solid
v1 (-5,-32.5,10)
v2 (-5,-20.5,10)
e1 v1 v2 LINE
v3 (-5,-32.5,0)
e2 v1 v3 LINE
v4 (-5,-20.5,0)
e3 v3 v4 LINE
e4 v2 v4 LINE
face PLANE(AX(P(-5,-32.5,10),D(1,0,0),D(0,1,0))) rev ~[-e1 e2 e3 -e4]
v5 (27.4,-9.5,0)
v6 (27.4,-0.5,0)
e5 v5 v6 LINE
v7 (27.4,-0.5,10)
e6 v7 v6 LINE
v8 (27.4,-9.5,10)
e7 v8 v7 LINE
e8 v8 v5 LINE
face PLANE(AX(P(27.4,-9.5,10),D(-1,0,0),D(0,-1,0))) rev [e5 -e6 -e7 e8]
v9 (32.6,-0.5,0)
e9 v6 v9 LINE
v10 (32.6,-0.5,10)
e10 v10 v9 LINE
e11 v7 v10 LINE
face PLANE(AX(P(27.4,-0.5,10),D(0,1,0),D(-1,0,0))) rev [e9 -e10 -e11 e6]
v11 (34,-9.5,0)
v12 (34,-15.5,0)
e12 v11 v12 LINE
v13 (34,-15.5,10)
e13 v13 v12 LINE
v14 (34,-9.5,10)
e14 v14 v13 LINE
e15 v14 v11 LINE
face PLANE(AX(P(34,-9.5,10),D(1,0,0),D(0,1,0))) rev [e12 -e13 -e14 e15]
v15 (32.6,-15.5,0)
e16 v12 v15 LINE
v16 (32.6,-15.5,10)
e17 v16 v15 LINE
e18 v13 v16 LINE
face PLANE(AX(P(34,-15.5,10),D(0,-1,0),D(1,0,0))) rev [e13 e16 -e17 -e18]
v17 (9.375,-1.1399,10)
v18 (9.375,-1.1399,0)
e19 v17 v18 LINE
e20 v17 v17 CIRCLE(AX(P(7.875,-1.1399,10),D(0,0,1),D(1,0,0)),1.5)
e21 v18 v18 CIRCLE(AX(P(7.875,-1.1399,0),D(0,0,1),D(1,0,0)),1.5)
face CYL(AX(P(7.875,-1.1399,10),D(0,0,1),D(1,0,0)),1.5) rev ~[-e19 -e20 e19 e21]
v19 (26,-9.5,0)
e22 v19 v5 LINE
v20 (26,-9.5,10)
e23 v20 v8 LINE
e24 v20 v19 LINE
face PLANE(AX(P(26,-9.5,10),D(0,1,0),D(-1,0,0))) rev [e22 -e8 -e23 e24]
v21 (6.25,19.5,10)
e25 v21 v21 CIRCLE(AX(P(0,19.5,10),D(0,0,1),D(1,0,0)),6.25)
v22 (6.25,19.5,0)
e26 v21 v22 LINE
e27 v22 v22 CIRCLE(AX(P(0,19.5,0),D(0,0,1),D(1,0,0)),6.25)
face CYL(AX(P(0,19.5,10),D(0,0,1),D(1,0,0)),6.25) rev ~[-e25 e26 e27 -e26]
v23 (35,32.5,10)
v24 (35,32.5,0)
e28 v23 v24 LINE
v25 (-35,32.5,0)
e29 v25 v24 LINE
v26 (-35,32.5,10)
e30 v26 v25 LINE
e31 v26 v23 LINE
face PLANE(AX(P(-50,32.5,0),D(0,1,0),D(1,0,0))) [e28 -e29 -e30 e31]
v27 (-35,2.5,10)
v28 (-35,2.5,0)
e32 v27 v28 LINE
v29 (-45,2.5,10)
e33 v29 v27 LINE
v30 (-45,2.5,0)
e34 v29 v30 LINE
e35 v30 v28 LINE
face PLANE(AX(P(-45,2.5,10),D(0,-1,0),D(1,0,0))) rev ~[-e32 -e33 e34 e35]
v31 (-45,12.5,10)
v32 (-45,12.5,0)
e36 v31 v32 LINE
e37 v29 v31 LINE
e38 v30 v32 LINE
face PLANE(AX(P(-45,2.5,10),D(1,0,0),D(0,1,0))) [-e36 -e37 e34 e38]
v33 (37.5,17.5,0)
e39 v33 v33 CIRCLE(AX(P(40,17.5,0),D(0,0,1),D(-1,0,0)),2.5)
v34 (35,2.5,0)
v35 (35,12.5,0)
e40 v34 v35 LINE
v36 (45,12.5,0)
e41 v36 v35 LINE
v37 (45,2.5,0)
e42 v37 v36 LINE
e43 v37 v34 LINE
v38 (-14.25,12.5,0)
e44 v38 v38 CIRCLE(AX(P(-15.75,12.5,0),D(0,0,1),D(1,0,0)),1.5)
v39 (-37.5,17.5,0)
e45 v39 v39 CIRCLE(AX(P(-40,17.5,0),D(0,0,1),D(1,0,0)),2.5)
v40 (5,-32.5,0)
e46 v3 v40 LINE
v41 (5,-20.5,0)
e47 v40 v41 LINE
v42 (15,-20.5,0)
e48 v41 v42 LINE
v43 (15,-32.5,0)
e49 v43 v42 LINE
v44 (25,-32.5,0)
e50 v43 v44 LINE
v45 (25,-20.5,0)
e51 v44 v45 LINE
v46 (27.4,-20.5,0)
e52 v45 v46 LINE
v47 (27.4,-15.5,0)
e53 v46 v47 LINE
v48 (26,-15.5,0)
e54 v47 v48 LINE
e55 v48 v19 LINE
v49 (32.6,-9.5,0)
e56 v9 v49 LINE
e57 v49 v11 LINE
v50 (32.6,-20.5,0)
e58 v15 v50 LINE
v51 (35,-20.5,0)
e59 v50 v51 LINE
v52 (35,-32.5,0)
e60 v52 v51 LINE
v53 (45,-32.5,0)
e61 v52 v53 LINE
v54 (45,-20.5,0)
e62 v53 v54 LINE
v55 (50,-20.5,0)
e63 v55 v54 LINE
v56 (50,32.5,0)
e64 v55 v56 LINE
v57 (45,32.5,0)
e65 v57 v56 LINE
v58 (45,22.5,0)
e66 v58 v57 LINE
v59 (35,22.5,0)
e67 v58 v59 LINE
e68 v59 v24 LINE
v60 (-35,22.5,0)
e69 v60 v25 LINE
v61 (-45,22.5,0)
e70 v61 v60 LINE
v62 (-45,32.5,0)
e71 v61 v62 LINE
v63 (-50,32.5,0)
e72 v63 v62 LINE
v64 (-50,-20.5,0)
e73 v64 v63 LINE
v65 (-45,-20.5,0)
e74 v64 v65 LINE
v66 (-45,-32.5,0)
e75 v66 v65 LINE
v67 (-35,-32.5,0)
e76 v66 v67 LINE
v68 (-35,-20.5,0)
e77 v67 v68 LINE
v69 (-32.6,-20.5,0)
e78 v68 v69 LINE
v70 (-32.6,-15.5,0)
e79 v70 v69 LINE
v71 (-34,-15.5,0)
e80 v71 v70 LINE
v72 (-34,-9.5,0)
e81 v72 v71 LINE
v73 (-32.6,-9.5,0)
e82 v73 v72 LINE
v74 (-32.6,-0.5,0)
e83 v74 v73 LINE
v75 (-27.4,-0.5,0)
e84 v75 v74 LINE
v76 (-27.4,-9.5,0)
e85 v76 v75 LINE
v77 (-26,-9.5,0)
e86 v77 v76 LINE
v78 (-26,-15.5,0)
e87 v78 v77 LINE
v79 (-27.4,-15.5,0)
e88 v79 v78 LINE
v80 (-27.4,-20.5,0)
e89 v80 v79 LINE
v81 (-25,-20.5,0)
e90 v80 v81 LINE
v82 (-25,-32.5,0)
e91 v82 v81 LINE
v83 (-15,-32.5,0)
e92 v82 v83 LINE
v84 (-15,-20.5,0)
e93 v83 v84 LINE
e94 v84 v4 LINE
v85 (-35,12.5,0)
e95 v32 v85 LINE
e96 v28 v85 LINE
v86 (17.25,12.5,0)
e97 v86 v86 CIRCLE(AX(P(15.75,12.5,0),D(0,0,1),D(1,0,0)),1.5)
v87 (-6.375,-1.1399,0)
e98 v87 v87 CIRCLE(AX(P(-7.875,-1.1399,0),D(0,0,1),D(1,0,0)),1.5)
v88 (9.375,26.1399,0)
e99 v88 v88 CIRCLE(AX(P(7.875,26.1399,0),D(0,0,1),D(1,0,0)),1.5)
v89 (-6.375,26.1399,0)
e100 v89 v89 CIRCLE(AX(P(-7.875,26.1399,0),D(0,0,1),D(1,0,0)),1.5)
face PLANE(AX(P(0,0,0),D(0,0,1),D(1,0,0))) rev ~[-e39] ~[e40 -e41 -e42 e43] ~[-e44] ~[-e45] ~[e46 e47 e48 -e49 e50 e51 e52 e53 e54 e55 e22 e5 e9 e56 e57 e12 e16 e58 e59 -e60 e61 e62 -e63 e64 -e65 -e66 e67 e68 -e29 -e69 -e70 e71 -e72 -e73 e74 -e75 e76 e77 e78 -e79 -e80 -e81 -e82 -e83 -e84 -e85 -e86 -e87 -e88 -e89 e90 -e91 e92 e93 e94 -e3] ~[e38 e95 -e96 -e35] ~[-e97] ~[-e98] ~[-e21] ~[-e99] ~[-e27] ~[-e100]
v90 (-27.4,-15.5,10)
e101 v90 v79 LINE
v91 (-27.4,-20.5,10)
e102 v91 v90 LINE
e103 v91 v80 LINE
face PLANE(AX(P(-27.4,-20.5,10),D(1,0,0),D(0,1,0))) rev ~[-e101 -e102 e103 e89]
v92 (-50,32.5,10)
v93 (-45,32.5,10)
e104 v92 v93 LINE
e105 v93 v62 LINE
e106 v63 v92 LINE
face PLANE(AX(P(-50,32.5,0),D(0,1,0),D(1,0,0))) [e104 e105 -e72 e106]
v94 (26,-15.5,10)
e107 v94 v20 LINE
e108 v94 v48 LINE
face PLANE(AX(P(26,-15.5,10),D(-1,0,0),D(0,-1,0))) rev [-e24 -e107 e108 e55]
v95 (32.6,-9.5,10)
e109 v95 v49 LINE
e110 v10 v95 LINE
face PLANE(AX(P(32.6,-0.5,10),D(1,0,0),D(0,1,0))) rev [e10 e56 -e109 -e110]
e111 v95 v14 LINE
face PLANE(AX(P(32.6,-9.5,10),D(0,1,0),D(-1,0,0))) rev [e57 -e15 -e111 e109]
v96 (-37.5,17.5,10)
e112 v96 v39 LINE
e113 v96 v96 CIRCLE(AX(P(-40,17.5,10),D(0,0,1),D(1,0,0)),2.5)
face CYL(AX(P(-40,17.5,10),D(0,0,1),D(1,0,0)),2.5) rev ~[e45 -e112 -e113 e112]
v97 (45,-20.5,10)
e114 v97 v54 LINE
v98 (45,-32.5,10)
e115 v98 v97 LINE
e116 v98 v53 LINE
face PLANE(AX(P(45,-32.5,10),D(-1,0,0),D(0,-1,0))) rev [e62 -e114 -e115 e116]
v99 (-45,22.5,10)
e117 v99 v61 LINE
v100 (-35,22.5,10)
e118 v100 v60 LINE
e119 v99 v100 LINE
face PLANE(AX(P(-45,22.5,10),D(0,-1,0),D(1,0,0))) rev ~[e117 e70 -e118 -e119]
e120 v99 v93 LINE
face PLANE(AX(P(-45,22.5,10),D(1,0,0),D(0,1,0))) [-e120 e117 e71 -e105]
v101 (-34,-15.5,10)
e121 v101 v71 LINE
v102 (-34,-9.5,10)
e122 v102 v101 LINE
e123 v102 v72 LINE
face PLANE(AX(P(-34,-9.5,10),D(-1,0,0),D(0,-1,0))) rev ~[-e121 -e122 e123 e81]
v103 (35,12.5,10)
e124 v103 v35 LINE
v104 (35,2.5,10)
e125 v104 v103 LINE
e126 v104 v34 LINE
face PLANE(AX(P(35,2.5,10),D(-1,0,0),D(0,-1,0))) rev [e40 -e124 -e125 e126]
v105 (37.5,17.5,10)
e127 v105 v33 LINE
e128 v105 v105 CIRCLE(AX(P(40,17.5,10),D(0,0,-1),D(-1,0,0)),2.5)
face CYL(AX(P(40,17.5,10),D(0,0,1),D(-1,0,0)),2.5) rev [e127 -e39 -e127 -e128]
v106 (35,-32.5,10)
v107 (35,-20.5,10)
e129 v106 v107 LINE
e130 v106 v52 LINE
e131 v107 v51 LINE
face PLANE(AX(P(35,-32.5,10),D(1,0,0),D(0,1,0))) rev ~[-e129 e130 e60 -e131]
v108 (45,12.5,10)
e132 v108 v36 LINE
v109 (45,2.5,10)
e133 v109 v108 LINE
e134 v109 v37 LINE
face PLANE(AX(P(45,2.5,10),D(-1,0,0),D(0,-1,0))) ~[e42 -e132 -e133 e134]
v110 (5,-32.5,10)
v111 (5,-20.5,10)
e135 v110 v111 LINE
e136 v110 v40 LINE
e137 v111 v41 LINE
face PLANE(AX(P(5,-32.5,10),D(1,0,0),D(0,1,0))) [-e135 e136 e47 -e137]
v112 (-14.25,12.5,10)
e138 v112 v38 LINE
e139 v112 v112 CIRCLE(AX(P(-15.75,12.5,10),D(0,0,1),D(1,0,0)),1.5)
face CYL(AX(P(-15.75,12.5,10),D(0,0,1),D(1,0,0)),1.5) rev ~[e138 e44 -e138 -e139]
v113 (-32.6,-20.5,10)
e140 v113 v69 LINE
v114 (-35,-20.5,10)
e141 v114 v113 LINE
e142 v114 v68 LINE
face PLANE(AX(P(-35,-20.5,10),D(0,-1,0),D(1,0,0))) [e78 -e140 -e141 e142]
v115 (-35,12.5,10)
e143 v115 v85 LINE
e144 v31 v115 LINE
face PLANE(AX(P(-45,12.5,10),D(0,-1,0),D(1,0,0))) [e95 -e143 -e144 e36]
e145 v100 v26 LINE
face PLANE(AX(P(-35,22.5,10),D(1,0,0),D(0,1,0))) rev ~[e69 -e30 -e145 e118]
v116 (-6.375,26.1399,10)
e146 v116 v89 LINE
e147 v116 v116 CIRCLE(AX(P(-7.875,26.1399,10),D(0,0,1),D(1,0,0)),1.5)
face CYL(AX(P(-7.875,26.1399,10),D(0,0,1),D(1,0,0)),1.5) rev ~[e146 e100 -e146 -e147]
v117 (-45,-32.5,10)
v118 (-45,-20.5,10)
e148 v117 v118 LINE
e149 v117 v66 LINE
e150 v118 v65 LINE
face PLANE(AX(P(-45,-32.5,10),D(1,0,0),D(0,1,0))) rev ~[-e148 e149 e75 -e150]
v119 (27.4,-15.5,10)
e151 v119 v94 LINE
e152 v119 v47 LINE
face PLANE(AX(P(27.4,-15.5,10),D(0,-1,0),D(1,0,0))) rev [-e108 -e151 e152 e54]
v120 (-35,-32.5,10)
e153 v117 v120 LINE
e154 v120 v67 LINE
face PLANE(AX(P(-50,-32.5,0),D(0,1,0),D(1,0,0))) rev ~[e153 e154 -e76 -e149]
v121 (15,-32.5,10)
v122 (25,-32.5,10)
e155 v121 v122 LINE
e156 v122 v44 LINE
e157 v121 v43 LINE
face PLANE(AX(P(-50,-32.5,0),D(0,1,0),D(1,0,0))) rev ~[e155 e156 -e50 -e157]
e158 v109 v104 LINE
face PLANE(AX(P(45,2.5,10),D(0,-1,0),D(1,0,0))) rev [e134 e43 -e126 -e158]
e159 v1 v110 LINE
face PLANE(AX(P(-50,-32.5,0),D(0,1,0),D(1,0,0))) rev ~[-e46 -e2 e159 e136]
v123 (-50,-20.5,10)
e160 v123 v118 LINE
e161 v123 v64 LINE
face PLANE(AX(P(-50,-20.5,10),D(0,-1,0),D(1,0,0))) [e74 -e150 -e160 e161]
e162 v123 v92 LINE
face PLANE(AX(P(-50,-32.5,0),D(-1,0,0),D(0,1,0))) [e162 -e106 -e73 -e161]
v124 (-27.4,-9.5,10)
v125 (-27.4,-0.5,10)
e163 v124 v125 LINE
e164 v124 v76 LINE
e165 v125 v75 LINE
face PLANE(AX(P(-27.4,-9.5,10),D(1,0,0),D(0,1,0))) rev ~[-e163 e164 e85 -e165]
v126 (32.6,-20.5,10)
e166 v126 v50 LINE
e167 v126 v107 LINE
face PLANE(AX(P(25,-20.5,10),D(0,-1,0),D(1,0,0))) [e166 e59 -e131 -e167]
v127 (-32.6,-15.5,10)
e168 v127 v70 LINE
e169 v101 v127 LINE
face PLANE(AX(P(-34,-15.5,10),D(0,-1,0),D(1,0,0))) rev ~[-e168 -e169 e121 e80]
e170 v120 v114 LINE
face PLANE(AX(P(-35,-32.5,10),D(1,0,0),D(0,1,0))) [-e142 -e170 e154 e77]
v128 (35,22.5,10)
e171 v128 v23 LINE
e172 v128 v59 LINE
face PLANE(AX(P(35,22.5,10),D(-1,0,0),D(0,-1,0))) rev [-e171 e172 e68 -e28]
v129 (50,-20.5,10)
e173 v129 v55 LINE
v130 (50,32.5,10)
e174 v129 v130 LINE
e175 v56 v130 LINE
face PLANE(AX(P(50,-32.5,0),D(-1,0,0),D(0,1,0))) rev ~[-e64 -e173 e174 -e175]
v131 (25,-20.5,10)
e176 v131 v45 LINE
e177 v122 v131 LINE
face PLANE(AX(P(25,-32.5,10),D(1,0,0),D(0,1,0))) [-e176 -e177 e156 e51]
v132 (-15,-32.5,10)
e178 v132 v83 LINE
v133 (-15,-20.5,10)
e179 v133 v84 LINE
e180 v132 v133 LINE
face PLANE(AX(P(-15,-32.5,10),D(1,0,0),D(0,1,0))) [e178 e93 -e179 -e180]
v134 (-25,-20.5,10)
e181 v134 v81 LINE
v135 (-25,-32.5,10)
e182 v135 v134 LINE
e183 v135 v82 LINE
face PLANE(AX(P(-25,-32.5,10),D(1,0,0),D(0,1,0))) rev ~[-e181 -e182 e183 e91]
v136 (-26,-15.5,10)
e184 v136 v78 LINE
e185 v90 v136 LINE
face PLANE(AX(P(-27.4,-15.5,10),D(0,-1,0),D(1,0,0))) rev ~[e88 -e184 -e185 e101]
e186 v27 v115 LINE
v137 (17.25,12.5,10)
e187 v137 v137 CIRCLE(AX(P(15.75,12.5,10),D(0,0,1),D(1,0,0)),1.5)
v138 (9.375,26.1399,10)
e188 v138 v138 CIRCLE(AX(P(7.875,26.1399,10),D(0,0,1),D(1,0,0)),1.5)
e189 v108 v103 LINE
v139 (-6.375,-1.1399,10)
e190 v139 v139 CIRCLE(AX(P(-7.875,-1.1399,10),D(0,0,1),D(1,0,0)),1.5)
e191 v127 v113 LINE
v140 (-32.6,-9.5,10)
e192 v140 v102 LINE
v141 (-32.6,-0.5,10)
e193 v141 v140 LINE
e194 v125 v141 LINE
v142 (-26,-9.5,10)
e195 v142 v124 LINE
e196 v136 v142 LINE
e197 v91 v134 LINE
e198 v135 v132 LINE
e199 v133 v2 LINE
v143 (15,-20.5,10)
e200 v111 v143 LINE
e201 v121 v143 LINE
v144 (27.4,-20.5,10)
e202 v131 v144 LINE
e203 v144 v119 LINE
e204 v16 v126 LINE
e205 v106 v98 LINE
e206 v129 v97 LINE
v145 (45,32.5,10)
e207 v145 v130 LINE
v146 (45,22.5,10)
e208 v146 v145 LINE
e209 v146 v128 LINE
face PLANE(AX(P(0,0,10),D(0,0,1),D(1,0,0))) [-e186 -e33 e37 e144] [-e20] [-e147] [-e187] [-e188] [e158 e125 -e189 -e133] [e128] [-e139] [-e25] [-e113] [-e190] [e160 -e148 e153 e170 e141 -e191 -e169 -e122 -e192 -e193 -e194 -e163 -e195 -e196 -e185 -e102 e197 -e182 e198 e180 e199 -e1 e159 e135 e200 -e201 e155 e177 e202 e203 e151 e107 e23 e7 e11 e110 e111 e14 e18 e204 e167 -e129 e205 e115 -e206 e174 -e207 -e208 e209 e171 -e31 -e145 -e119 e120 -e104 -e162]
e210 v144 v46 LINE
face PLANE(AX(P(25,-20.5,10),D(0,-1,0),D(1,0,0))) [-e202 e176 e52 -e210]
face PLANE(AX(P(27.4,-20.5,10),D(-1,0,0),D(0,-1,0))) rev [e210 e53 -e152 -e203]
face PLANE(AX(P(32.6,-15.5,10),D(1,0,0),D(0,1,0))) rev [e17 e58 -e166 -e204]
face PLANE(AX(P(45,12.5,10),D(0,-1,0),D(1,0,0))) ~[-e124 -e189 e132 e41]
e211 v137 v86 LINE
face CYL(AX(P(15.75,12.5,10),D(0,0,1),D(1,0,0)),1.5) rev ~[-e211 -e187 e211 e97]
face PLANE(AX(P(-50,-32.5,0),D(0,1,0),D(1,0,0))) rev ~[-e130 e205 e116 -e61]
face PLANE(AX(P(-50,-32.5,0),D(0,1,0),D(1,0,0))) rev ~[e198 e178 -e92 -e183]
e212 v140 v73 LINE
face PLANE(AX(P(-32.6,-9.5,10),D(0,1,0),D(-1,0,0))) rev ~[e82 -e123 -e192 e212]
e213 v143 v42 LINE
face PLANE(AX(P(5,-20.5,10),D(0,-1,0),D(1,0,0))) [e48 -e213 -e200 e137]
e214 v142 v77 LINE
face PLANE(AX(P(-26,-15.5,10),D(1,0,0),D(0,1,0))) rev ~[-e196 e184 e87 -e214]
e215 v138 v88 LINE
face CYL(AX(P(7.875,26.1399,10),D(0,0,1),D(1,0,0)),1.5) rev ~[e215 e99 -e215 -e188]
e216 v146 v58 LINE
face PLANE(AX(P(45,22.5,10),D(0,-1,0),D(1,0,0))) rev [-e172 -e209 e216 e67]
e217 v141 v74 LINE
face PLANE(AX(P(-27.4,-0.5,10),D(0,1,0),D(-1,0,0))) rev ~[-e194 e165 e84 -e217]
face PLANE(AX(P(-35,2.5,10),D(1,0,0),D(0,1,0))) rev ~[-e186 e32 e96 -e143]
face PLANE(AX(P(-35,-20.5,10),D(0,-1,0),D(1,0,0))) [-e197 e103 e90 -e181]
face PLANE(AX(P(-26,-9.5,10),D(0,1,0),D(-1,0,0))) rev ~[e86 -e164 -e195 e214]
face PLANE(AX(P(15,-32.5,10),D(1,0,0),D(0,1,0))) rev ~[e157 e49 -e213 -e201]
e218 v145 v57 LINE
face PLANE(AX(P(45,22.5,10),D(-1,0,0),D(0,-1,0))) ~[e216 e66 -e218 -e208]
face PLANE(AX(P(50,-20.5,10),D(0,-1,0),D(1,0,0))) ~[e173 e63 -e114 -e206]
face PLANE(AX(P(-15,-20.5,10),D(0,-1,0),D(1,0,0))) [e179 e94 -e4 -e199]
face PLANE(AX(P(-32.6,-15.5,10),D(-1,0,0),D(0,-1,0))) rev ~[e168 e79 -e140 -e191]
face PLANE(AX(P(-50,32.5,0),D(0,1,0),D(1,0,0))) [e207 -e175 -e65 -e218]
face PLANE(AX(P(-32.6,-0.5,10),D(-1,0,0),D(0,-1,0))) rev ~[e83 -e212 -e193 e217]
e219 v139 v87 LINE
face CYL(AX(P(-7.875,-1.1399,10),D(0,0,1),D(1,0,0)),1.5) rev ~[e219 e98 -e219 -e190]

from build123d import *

# Parameters (mm, degrees)
SKETCH1_W           = 100
SKETCH1_H           = 65
BOSS_EXTRUDE1_DEPTH = 10
SKETCH2_R           = 1.5
SKETCH2_R_2         = 6.25
CUT_EXTRUDE1_DEPTH  = 61.466933112
SKETCH3_W           = 10
SKETCH3_H           = 12
CUT_EXTRUDE2_DEPTH  = 61.466933112
LPATTERN1_COUNT     = 4
LPATTERN1_PITCH     = 20
SKETCH4_W           = 5
SKETCH4_H           = 12
CUT_EXTRUDE3_DEPTH  = 61.466933112
SKETCH6_R           = 2.5
SKETCH6_W           = 10
SKETCH6_H           = 10
CUT_EXTRUDE4_DEPTH  = 61.466933112


with BuildPart() as part:
    # Sketch1 → Boss-Extrude1 (new body)
    with BuildSketch(Plane.XY):
        Rectangle(SKETCH1_W, SKETCH1_H)
    extrude(amount=BOSS_EXTRUDE1_DEPTH)

    # Sketch2 → Cut-Extrude1 (cut, through all)
    with BuildSketch(Plane.XY.offset(10)):
        with Locations((-15.75, 12.5)):
            Circle(SKETCH2_R)
        with Locations((-7.875, 26.13990011)):
            Circle(SKETCH2_R)
        with Locations((7.875, 26.13990011)):
            Circle(SKETCH2_R)
        with Locations((15.75, 12.5)):
            Circle(SKETCH2_R)
        with Locations((7.875, -1.13990011)):
            Circle(SKETCH2_R)
        with Locations((-7.875, -1.13990011)):
            Circle(SKETCH2_R)
        with Locations((0, 19.5)):
            Circle(SKETCH2_R_2)
    extrude(amount=-CUT_EXTRUDE1_DEPTH, mode=Mode.SUBTRACT)

    # Sketch3 → Cut-Extrude2 (cut, through all)
    with BuildSketch(Plane.XY.offset(10)):
        with Locations((-30, -26.5)):
            Rectangle(SKETCH3_W, SKETCH3_H)
    cut_extrude2 = extrude(amount=-CUT_EXTRUDE2_DEPTH, mode=Mode.SUBTRACT)

    # LPattern1: Cut-Extrude2 ×4
    with Locations(*[(i * LPATTERN1_PITCH, 0, 0) for i in range(1, LPATTERN1_COUNT)]):
        add(cut_extrude2, mode=Mode.SUBTRACT)

    # Sketch4 → Cut-Extrude3 (cut, through all)
    with BuildSketch(Plane.XY.offset(10)):
        with Locations((-47.5, -26.5)):
            Rectangle(SKETCH4_W, SKETCH4_H)
        Polygon((-34, -9.5), (-34, -15.5), (-32.6, -15.5), (-32.6, -20.5), (-27.4, -20.5), (-27.4, -15.5), (-26, -15.5), (-26, -9.5), (-27.4, -9.5), (-27.4, -0.5), (-32.6, -0.5), (-32.6, -9.5), align=None)
    cut_extrude3 = extrude(amount=-CUT_EXTRUDE3_DEPTH, mode=Mode.SUBTRACT)

    # Sketch6 → Cut-Extrude4 (cut, through all)
    with BuildSketch(Plane.XY.offset(10)):
        with Locations((-40, 17.5)):
            Circle(SKETCH6_R)
        with Locations((-40, 27.5)):
            Rectangle(SKETCH6_W, SKETCH6_H)
        with Locations((-40, 7.5)):
            Rectangle(SKETCH6_W, SKETCH6_H)
    cut_extrude4 = extrude(amount=-CUT_EXTRUDE4_DEPTH, mode=Mode.SUBTRACT)

    # Mirror1: Cut-Extrude3, Cut-Extrude4 across plane
    add(cut_extrude3.mirror(Plane(origin=(0, 0, 0), x_dir=(0, 0, 1), z_dir=(1, 0, 0))), mode=Mode.SUBTRACT)
    add(cut_extrude4.mirror(Plane(origin=(0, 0, 0), x_dir=(0, 0, 1), z_dir=(1, 0, 0))), mode=Mode.SUBTRACT)


solid = part.part
